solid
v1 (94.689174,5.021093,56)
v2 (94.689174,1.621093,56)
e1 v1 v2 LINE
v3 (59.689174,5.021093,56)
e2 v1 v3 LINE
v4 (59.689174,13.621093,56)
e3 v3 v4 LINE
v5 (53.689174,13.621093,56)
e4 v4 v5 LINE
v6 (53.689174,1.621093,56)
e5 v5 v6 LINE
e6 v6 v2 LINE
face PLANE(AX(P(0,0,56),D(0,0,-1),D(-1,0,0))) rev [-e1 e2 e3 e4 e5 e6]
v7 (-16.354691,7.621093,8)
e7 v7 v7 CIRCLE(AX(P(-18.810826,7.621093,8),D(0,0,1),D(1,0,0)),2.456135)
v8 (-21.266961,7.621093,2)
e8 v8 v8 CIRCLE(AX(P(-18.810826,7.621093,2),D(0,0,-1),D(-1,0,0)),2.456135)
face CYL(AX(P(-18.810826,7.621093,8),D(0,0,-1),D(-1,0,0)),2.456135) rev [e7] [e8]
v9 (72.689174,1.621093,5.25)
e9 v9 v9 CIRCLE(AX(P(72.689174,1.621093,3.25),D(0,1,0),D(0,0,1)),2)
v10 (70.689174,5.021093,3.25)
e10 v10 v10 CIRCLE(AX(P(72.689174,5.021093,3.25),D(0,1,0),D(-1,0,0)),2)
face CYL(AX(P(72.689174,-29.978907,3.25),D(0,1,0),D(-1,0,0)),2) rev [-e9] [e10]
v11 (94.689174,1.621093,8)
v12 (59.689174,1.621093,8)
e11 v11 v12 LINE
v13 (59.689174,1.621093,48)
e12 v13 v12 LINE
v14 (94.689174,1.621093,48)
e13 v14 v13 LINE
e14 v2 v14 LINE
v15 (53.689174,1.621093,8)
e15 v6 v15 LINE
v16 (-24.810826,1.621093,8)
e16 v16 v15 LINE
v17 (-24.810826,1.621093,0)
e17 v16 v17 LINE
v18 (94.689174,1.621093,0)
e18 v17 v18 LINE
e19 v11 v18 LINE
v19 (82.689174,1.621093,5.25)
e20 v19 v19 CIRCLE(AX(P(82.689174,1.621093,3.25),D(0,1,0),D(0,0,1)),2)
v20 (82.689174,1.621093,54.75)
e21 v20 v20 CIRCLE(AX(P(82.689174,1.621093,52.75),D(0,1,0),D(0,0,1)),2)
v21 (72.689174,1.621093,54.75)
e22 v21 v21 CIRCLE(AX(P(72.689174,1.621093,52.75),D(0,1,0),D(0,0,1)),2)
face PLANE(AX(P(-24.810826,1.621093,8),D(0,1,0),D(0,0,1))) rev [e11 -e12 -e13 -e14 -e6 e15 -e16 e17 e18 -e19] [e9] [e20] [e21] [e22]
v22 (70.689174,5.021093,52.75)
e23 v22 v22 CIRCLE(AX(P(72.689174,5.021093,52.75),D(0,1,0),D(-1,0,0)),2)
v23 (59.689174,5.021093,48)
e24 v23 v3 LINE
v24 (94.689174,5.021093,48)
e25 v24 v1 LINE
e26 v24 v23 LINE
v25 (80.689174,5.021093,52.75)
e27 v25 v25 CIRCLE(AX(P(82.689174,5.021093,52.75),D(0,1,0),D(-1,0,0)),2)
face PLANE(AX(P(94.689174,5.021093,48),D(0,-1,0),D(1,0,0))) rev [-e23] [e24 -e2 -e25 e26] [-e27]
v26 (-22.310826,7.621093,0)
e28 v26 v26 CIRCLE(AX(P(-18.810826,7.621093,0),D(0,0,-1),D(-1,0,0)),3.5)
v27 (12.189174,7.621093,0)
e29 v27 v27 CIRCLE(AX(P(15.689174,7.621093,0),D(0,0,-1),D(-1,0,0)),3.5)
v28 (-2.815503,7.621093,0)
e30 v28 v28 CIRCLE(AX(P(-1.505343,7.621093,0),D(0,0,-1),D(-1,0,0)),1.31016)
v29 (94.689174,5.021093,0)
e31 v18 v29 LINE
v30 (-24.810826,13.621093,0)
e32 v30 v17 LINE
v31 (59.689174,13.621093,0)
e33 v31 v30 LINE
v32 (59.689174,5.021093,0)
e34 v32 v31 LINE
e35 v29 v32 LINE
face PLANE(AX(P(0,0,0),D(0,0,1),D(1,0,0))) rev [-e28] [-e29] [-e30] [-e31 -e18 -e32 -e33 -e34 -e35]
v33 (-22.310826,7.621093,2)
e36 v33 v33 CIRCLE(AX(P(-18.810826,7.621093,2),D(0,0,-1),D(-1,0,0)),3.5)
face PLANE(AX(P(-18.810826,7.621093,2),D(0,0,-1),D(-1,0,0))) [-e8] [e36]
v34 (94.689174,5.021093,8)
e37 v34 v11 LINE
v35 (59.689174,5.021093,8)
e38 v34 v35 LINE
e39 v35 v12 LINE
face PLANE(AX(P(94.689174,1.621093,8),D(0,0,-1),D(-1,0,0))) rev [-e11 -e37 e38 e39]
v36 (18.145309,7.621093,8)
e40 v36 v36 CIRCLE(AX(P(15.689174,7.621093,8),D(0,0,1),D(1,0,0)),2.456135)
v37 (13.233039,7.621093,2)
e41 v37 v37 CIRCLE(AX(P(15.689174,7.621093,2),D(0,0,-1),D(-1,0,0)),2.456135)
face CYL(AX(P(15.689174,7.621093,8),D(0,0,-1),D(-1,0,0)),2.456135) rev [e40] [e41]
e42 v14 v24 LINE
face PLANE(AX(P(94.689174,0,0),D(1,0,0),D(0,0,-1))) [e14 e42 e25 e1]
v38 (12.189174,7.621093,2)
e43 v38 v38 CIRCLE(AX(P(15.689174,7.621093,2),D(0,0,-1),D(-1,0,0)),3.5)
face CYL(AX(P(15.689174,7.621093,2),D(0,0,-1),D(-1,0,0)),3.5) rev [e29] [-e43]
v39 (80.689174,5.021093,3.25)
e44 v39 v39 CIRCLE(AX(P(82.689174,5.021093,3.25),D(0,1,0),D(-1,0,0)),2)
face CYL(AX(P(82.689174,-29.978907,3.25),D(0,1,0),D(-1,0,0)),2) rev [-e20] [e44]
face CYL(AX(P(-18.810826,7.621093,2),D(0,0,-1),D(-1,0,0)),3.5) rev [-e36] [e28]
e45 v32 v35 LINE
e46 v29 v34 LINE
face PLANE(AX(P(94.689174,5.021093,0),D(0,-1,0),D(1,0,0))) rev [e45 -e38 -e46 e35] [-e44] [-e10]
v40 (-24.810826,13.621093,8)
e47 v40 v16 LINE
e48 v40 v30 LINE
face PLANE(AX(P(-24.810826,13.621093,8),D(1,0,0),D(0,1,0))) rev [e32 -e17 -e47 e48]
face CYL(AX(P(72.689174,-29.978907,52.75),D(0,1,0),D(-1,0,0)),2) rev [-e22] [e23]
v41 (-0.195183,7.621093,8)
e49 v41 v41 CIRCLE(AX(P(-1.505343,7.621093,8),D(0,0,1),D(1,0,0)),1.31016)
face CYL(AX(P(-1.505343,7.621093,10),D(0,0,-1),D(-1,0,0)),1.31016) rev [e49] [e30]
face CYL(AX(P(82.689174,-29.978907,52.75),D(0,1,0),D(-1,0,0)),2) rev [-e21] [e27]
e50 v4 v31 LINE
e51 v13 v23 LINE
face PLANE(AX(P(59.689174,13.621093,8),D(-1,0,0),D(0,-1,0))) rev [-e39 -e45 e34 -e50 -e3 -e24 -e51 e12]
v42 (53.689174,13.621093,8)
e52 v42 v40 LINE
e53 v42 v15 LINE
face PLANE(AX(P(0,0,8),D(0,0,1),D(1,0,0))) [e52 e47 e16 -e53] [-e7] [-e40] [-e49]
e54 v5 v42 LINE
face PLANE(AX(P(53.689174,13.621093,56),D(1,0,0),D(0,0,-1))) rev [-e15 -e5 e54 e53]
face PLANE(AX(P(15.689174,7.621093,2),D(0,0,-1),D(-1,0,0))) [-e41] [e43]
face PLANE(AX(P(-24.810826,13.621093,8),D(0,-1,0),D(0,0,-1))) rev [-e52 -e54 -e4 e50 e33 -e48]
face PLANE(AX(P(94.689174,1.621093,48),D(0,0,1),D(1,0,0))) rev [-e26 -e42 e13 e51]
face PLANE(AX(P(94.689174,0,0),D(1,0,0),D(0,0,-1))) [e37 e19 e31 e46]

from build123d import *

# Parameters (mm, degrees)
SKETCH8_W           = 84.5
SKETCH8_H           = 12
SKETCH8_R           = 2.456134815
BOSS_EXTRUDE4_DEPTH = 8
SKETCH9_R           = 3.5
CUT_EXTRUDE3_DEPTH  = 2
SKETCH10_W          = 6
SKETCH10_H          = 12
BOSS_EXTRUDE5_DEPTH = 48
SKETCH11_W          = 8
SKETCH11_H          = 3.4
BOSS_EXTRUDE6_DEPTH = 35
SKETCH12_R          = 2
CUT_EXTRUDE4_DEPTH  = 35
SKETCH13_R          = 1.310160124
CUT_EXTRUDE5_DEPTH  = 10


with BuildPart() as part:
    # Sketch8 → Boss-Extrude4 (new body)
    with BuildSketch(Plane.XY):
        with Locations((17.439173688, 7.621093459)):
            Rectangle(SKETCH8_W, SKETCH8_H)
        with Locations((-18.810826312, 7.621093459)):
            Circle(SKETCH8_R, mode=Mode.SUBTRACT)
        with Locations((15.689173688, 7.621093459)):
            Circle(SKETCH8_R, mode=Mode.SUBTRACT)
    extrude(amount=BOSS_EXTRUDE4_DEPTH)

    # Sketch9 → Cut-Extrude3 (cut)
    with BuildSketch(Plane(origin=(0, 0, 0), x_dir=(-1, 0, 0), z_dir=(0, 0, -1))):
        with Locations((-15.689173688, 7.621093459)):
            Circle(SKETCH9_R)
        with Locations((18.810826312, 7.621093459)):
            Circle(SKETCH9_R)
    extrude(amount=-CUT_EXTRUDE3_DEPTH, mode=Mode.SUBTRACT)

    # Sketch10 → Boss-Extrude5 (add)
    with BuildSketch(Plane.XY.offset(8)):
        with Locations((56.689173688, 7.621093459)):
            Rectangle(SKETCH10_W, SKETCH10_H)
    extrude(amount=BOSS_EXTRUDE5_DEPTH)

    # Sketch11 → Boss-Extrude6 (add)
    with BuildSketch(Plane(origin=(59.689173688, 0, 0), x_dir=(0, 0, -1), z_dir=(1, 0, 0))):
        with Locations((-4, 3.321093459)):
            Rectangle(SKETCH11_W, SKETCH11_H)
        with Locations((-52, 3.321093459)):
            Rectangle(SKETCH11_W, SKETCH11_H)
    extrude(amount=BOSS_EXTRUDE6_DEPTH)

    # Sketch12 → Cut-Extrude4 (cut)
    with BuildSketch(Plane(origin=(0, 5.021093459, 0), x_dir=(1, 0, 0), z_dir=(0, 1, 0))):
        with Locations((72.689173688, -3.25)):
            Circle(SKETCH12_R)
        with Locations((82.689173688, -3.25)):
            Circle(SKETCH12_R)
        with Locations((72.689173688, -52.75)):
            Circle(SKETCH12_R)
        with Locations((82.689173688, -52.75)):
            Circle(SKETCH12_R)
    extrude(amount=-CUT_EXTRUDE4_DEPTH, mode=Mode.SUBTRACT)

    # Sketch13 → Cut-Extrude5 (cut)
    with BuildSketch(Plane(origin=(0, 0, 0), x_dir=(-1, 0, 0), z_dir=(0, 0, -1))):
        with Locations((1.505343306, 7.621093459)):
            Circle(SKETCH13_R)
    extrude(amount=-CUT_EXTRUDE5_DEPTH, mode=Mode.SUBTRACT)


solid = part.part
